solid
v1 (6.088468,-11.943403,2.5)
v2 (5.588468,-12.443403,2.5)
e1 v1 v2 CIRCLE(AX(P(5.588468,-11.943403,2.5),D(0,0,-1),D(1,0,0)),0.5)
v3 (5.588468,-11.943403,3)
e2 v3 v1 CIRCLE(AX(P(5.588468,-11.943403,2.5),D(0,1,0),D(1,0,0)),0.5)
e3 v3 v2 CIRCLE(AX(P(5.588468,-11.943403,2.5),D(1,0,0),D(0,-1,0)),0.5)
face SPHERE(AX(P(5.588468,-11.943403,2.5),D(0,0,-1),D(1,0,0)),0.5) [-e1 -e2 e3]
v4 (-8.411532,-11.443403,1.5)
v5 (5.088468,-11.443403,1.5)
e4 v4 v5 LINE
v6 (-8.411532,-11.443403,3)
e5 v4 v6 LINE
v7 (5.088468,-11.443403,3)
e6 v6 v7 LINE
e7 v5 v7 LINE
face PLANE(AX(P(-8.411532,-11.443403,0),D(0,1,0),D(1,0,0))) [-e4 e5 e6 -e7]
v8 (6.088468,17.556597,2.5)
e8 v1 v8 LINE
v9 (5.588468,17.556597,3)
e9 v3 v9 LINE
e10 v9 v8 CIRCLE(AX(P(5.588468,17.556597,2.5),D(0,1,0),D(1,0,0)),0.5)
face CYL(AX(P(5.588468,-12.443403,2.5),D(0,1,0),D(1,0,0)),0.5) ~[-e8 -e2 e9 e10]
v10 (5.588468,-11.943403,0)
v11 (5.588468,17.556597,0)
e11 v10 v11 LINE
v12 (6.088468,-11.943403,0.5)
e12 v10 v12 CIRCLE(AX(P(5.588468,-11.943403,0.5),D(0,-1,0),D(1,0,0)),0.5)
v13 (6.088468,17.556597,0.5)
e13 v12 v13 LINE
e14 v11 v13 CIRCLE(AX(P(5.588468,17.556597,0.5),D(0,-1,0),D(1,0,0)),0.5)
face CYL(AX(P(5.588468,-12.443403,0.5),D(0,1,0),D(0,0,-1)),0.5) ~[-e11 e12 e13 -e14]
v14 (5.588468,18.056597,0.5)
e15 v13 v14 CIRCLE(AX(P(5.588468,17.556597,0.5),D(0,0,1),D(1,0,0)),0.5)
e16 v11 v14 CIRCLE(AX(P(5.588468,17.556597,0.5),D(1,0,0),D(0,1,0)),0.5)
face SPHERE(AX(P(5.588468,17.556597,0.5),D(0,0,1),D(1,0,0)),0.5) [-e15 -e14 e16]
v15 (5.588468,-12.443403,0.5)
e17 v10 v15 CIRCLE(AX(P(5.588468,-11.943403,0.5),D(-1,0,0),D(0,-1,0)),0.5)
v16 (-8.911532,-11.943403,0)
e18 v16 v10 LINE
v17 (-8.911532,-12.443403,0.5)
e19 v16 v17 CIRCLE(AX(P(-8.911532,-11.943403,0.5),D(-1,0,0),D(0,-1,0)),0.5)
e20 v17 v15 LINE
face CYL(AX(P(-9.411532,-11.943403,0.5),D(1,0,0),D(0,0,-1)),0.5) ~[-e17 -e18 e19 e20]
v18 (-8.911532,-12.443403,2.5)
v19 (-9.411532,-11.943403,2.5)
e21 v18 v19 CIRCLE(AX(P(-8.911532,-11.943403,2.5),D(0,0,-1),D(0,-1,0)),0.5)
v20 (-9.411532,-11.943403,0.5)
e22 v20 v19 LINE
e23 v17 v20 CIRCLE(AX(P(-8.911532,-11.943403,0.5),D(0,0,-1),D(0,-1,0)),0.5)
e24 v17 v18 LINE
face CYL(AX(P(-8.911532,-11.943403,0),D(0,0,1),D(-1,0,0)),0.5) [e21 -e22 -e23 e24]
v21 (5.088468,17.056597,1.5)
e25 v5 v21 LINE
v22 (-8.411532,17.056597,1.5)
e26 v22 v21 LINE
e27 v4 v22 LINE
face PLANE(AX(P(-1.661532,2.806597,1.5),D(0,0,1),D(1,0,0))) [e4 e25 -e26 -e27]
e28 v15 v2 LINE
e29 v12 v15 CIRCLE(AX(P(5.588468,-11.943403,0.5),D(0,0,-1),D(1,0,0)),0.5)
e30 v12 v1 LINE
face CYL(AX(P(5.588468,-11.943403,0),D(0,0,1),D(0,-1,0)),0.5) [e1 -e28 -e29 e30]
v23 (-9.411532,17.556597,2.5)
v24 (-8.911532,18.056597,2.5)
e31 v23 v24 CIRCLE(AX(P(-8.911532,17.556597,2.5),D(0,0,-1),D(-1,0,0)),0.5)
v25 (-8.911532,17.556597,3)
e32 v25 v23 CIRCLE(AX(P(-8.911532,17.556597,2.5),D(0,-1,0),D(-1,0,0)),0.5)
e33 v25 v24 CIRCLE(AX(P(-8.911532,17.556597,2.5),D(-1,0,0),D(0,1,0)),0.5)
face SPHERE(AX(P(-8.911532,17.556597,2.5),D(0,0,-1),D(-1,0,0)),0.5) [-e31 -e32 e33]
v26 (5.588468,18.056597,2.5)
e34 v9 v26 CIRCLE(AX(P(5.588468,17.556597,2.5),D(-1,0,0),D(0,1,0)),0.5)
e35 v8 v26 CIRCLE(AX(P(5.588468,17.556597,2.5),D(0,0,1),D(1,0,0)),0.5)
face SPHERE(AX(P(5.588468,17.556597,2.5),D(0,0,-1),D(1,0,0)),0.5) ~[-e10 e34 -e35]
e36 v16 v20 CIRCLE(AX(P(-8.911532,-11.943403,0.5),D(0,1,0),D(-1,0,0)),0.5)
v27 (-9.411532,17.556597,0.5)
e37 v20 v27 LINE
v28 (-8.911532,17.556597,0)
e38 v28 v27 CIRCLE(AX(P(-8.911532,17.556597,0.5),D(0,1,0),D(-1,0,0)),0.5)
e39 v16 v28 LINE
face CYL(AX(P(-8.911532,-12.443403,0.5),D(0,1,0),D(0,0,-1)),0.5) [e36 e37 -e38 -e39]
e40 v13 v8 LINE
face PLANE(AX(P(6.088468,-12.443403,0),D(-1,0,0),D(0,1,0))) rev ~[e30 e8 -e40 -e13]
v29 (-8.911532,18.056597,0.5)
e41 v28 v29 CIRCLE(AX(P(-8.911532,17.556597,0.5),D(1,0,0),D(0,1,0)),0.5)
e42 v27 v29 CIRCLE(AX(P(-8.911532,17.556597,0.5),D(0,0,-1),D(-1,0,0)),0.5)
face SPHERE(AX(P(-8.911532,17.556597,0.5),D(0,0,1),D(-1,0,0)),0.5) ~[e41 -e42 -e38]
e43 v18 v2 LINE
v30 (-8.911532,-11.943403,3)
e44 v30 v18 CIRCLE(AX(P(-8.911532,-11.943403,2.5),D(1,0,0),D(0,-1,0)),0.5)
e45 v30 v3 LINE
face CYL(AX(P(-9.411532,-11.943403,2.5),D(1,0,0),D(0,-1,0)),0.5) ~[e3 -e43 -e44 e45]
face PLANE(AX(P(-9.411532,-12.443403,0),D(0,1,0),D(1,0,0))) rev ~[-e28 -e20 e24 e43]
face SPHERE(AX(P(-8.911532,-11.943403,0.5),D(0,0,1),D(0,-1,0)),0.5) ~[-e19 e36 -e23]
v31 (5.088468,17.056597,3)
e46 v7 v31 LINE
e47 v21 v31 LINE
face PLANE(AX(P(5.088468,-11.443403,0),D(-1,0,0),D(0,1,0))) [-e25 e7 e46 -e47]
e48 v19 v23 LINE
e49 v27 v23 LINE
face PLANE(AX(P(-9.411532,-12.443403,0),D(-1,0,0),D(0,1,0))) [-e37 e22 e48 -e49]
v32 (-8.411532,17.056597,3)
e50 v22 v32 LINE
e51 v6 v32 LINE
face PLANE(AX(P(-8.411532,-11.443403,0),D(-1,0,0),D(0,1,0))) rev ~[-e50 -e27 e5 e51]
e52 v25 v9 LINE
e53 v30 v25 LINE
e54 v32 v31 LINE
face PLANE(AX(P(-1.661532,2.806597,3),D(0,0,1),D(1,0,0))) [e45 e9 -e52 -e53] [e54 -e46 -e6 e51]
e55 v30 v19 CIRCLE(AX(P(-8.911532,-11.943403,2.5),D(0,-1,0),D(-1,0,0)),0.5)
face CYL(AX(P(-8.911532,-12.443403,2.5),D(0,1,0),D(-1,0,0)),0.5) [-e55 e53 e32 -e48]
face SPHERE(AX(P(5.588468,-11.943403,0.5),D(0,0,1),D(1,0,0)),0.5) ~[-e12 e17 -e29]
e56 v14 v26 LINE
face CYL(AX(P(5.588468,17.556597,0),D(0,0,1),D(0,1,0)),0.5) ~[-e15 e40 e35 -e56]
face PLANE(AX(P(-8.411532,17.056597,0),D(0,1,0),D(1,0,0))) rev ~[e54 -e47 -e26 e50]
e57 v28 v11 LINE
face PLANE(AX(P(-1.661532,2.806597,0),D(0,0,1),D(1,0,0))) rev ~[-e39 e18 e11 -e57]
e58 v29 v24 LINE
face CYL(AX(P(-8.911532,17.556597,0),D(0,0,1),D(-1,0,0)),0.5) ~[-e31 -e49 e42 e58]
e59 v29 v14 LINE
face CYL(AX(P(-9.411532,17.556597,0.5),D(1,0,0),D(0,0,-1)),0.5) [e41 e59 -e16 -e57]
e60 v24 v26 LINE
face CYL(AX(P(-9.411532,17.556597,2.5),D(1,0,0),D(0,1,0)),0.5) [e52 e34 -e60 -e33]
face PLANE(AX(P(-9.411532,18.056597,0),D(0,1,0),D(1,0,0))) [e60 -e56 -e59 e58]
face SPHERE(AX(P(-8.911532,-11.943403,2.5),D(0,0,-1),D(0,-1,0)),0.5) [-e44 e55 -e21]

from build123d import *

# Parameters (mm, degrees)
F0_W     = 15.5
F0_H     = 30.5
F0_W_2   = 13.5
F0_H_2   = 28.5
F1_DEPTH = 3
F2_DEPTH = 1.5
F3_R     = 0.5


with BuildPart() as f1:
    # F0 (on Top) → F1 (new body)
    with BuildSketch(Plane.XY):
        with Locations((-1.661532, 2.806597)):
            Rectangle(F0_W, F0_H)
        with Locations((-1.661532, 2.806597)):
            Rectangle(F0_W_2, F0_H_2, mode=Mode.SUBTRACT)
    extrude(amount=F1_DEPTH)

    # F0 (on Top) → F2 (join)
    with BuildSketch(Plane.XY):
        with Locations((-1.661532, 2.806597)):
            Rectangle(F0_W_2, F0_H_2)
    extrude(amount=F2_DEPTH)

    # F3
    f3_edges = [f1.edges().sort_by_distance(p)[0] for p in [
        (6.088468, -12.443403, 1.5),
        (6.088468, 18.056597, 1.5),
        (6.088468, 2.806597, 0),
        (6.088468, 2.806597, 3),
        (-9.411532, -12.443403, 1.5),
        (-1.661532, -12.443403, 0),
        (-1.661532, -12.443403, 3),
        (-9.411532, 18.056597, 1.5),
        (-9.411532, 2.806597, 0),
        (-9.411532, 2.806597, 3),
        (-1.661532, 18.056597, 0),
        (-1.661532, 18.056597, 3),
    ]]
    fillet(f3_edges, radius=F3_R)


solid = f1.part
